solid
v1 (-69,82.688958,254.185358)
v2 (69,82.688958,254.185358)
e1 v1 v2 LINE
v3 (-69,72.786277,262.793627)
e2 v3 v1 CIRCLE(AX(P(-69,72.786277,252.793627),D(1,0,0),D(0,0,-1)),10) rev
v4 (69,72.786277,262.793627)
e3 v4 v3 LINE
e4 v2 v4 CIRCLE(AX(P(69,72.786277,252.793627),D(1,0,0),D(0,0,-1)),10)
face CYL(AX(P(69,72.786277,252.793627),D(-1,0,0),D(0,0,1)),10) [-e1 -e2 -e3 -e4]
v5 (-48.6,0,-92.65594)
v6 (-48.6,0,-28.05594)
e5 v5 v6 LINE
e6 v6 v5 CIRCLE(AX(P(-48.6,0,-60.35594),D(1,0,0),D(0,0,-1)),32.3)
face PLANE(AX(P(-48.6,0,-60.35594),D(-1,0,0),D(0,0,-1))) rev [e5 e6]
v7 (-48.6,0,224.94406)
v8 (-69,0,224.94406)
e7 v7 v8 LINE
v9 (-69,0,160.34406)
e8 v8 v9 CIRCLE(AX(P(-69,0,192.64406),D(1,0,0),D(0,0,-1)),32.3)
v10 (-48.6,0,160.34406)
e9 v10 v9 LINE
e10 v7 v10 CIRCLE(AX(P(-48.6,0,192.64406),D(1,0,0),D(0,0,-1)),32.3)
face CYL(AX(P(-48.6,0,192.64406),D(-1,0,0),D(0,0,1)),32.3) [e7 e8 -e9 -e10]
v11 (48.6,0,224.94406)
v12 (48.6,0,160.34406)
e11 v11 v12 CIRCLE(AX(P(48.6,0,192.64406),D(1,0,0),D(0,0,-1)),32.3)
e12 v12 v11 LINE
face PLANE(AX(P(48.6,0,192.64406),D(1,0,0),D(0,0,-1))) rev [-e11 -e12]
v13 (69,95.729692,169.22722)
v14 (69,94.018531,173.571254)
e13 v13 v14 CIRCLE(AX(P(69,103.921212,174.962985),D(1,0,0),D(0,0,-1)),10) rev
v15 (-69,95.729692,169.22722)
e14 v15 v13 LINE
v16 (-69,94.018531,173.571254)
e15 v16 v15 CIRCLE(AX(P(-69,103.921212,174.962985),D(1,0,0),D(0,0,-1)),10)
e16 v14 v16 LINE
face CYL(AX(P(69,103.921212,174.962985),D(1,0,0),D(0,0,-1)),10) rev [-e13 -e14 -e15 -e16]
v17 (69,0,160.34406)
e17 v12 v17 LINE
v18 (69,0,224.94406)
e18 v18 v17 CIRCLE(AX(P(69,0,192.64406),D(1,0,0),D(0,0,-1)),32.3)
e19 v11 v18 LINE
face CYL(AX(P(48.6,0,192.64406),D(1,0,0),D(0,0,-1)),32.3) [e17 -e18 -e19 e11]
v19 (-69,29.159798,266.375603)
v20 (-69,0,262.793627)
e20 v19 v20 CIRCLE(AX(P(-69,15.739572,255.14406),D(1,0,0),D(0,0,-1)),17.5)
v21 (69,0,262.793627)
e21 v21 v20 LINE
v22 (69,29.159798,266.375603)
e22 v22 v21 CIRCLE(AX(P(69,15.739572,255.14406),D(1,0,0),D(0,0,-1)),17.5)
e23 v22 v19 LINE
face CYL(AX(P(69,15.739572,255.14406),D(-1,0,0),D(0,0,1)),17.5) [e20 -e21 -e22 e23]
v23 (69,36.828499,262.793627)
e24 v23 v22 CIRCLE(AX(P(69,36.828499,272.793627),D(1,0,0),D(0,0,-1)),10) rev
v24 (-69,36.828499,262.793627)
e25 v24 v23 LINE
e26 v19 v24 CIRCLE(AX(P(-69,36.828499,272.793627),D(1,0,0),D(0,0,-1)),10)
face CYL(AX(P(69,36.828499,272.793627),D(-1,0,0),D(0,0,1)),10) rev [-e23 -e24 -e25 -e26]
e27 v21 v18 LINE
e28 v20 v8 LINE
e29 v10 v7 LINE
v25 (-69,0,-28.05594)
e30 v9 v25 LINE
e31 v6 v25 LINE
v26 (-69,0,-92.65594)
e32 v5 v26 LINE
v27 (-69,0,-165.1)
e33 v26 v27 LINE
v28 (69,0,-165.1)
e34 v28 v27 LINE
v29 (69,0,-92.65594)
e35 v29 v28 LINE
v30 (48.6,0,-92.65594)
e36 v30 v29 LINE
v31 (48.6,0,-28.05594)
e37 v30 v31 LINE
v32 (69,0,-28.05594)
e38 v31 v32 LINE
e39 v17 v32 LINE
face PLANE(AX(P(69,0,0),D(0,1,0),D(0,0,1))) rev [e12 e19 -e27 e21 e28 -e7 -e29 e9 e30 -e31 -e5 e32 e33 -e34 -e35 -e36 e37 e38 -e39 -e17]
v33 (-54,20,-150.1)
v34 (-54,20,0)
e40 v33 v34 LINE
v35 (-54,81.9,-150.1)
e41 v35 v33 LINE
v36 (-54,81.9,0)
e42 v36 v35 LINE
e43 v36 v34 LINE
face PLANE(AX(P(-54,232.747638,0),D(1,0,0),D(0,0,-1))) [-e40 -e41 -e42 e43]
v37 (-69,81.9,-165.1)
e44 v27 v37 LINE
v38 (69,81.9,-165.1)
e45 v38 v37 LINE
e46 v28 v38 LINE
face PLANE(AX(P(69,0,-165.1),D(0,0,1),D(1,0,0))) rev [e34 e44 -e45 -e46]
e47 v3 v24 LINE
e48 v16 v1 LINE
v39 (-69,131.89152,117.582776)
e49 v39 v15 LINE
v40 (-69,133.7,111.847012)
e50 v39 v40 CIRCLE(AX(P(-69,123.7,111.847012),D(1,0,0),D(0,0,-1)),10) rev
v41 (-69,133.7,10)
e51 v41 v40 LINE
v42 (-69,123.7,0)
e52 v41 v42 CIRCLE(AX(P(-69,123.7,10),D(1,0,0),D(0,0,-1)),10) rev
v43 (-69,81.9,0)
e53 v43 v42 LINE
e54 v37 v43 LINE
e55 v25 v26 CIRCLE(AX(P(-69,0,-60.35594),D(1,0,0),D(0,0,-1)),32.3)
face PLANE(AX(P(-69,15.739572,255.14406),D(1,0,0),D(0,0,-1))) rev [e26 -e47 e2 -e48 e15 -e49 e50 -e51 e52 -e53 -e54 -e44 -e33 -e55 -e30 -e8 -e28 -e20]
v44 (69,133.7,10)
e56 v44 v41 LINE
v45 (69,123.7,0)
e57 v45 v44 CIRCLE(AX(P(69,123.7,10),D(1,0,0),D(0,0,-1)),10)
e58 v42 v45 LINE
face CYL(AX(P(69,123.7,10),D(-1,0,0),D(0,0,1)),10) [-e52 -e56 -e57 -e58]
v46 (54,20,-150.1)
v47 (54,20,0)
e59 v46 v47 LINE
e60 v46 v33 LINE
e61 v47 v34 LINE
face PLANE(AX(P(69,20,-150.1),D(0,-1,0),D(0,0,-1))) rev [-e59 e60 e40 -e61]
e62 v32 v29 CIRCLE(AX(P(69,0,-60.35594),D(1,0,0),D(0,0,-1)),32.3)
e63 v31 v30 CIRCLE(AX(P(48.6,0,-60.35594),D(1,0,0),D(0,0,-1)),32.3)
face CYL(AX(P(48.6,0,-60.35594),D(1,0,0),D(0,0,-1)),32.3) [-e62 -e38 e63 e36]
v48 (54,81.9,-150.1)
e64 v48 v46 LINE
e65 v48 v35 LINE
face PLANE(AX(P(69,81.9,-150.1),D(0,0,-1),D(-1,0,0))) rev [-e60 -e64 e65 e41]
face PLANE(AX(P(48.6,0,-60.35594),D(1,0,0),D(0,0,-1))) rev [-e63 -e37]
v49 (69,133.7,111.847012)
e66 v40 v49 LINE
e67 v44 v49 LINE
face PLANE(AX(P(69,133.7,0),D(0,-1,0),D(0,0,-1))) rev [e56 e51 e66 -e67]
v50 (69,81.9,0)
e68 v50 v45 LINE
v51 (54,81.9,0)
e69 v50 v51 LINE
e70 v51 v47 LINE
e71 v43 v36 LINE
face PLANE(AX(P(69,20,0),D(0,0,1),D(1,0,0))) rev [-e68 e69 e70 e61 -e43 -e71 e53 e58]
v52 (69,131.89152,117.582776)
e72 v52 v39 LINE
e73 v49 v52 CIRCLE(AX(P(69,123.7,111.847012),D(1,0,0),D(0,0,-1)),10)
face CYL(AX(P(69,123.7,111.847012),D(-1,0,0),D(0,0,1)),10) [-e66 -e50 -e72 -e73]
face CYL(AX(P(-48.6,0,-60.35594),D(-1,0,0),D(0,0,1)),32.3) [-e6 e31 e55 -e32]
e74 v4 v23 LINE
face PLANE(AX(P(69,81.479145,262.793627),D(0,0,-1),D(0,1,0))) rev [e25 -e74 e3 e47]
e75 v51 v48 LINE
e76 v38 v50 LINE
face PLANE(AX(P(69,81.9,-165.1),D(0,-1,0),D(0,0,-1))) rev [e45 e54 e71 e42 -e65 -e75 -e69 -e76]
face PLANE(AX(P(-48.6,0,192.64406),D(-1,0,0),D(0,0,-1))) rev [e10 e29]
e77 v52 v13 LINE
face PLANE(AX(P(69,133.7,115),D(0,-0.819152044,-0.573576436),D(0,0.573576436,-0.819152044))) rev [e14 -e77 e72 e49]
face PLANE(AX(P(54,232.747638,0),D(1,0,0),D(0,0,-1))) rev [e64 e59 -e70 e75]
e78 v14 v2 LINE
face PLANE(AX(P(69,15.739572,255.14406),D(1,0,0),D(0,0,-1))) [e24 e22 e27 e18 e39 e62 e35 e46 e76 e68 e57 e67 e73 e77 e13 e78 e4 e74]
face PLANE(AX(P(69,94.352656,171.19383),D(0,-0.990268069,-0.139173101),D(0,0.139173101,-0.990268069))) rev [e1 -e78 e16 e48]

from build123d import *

# Parameters (mm, degrees)
BOSS_EXTRUDE1_DEPTH = 69
SKETCH4_W           = 15
SKETCH4_H           = 150.1
BOSS_EXTRUDE2_DEPTH = 61.9
BOSS_EXTRUDE3_DEPTH = 20.4
FILLET1_R           = 10


with BuildPart() as part:
    # Sketch2 → Boss-Extrude1 (new body, symmetric)
    with BuildSketch(Plane(origin=(0, 0, 0), x_dir=(0, 0, -1), z_dir=(1, 0, 0))):
        with BuildLine():
            Line((-262.793626597, 0), (0, 0))
            Line((0, 0), (165.1, 0))
            Line((165.1, 0), (165.1, 81.9))
            Line((165.1, 81.9), (150.1, 81.9))
            Line((150.1, 81.9), (150.1, 20))
            Line((150.1, 20), (0, 20))
            Line((0, 20), (0, 133.7))
            Line((0, 133.7), (-115, 133.7))
            Line((-115, 133.7), (-171.193830238, 94.352656466))
            Line((-171.193830238, 94.352656466), (-262.793626597, 81.479144628))
            Line((-262.793626597, 81.479144628), (-262.793626597, 31.479144628))
            ThreePointArc((-262.793626597, 31.479144628), (-272.644060375, 15.739572314), (-262.793626597, 0))
        make_face()
    extrude(amount=BOSS_EXTRUDE1_DEPTH, both=True)

    # Sketch4 → Boss-Extrude2 (add)
    with BuildSketch(Plane(origin=(0, 20, 0), x_dir=(1, 0, 0), z_dir=(0, 1, 0))):
        with Locations((61.5, 75.05)):
            Rectangle(SKETCH4_W, SKETCH4_H)
    boss_extrude2 = extrude(amount=BOSS_EXTRUDE2_DEPTH)

    # Mirror1: Boss-Extrude2 across plane
    add(boss_extrude2.mirror(Plane(origin=(0, 0, 0), x_dir=(0, 0, 1), z_dir=(1, 0, 0))))

    # Sketch5 → Boss-Extrude3 (add)
    with BuildSketch(Plane(origin=(69, 0, 0), x_dir=(0, 0, -1), z_dir=(1, 0, 0))):
        with BuildLine():
            Line((-224.944060375, 0), (-160.344060375, 0))
            ThreePointArc((-160.344060375, 0), (-192.644060375, -32.3), (-224.944060375, 0))
        make_face()
        with BuildLine():
            Line((28.055939625, 0), (92.655939625, 0))
            ThreePointArc((92.655939625, 0), (60.355939625, -32.3), (28.055939625, 0))
        make_face()
    boss_extrude3 = extrude(amount=-BOSS_EXTRUDE3_DEPTH)

    # Mirror2: Boss-Extrude3 across plane
    add(boss_extrude3.mirror(Plane(origin=(0, 0, 0), x_dir=(0, 0, 1), z_dir=(1, 0, 0))))

    # Fillet1
    fillet1_edges = [part.edges().sort_by_distance(p)[0] for p in [
        (0, 31.479144628, 262.793626597),
        (0, 81.479144628, 262.793626597),
        (0, 94.352656466, 171.193830238),
        (0, 133.7, 115),
        (0, 133.7, 0),
    ]]
    fillet(fillet1_edges, radius=FILLET1_R)


solid = part.part
